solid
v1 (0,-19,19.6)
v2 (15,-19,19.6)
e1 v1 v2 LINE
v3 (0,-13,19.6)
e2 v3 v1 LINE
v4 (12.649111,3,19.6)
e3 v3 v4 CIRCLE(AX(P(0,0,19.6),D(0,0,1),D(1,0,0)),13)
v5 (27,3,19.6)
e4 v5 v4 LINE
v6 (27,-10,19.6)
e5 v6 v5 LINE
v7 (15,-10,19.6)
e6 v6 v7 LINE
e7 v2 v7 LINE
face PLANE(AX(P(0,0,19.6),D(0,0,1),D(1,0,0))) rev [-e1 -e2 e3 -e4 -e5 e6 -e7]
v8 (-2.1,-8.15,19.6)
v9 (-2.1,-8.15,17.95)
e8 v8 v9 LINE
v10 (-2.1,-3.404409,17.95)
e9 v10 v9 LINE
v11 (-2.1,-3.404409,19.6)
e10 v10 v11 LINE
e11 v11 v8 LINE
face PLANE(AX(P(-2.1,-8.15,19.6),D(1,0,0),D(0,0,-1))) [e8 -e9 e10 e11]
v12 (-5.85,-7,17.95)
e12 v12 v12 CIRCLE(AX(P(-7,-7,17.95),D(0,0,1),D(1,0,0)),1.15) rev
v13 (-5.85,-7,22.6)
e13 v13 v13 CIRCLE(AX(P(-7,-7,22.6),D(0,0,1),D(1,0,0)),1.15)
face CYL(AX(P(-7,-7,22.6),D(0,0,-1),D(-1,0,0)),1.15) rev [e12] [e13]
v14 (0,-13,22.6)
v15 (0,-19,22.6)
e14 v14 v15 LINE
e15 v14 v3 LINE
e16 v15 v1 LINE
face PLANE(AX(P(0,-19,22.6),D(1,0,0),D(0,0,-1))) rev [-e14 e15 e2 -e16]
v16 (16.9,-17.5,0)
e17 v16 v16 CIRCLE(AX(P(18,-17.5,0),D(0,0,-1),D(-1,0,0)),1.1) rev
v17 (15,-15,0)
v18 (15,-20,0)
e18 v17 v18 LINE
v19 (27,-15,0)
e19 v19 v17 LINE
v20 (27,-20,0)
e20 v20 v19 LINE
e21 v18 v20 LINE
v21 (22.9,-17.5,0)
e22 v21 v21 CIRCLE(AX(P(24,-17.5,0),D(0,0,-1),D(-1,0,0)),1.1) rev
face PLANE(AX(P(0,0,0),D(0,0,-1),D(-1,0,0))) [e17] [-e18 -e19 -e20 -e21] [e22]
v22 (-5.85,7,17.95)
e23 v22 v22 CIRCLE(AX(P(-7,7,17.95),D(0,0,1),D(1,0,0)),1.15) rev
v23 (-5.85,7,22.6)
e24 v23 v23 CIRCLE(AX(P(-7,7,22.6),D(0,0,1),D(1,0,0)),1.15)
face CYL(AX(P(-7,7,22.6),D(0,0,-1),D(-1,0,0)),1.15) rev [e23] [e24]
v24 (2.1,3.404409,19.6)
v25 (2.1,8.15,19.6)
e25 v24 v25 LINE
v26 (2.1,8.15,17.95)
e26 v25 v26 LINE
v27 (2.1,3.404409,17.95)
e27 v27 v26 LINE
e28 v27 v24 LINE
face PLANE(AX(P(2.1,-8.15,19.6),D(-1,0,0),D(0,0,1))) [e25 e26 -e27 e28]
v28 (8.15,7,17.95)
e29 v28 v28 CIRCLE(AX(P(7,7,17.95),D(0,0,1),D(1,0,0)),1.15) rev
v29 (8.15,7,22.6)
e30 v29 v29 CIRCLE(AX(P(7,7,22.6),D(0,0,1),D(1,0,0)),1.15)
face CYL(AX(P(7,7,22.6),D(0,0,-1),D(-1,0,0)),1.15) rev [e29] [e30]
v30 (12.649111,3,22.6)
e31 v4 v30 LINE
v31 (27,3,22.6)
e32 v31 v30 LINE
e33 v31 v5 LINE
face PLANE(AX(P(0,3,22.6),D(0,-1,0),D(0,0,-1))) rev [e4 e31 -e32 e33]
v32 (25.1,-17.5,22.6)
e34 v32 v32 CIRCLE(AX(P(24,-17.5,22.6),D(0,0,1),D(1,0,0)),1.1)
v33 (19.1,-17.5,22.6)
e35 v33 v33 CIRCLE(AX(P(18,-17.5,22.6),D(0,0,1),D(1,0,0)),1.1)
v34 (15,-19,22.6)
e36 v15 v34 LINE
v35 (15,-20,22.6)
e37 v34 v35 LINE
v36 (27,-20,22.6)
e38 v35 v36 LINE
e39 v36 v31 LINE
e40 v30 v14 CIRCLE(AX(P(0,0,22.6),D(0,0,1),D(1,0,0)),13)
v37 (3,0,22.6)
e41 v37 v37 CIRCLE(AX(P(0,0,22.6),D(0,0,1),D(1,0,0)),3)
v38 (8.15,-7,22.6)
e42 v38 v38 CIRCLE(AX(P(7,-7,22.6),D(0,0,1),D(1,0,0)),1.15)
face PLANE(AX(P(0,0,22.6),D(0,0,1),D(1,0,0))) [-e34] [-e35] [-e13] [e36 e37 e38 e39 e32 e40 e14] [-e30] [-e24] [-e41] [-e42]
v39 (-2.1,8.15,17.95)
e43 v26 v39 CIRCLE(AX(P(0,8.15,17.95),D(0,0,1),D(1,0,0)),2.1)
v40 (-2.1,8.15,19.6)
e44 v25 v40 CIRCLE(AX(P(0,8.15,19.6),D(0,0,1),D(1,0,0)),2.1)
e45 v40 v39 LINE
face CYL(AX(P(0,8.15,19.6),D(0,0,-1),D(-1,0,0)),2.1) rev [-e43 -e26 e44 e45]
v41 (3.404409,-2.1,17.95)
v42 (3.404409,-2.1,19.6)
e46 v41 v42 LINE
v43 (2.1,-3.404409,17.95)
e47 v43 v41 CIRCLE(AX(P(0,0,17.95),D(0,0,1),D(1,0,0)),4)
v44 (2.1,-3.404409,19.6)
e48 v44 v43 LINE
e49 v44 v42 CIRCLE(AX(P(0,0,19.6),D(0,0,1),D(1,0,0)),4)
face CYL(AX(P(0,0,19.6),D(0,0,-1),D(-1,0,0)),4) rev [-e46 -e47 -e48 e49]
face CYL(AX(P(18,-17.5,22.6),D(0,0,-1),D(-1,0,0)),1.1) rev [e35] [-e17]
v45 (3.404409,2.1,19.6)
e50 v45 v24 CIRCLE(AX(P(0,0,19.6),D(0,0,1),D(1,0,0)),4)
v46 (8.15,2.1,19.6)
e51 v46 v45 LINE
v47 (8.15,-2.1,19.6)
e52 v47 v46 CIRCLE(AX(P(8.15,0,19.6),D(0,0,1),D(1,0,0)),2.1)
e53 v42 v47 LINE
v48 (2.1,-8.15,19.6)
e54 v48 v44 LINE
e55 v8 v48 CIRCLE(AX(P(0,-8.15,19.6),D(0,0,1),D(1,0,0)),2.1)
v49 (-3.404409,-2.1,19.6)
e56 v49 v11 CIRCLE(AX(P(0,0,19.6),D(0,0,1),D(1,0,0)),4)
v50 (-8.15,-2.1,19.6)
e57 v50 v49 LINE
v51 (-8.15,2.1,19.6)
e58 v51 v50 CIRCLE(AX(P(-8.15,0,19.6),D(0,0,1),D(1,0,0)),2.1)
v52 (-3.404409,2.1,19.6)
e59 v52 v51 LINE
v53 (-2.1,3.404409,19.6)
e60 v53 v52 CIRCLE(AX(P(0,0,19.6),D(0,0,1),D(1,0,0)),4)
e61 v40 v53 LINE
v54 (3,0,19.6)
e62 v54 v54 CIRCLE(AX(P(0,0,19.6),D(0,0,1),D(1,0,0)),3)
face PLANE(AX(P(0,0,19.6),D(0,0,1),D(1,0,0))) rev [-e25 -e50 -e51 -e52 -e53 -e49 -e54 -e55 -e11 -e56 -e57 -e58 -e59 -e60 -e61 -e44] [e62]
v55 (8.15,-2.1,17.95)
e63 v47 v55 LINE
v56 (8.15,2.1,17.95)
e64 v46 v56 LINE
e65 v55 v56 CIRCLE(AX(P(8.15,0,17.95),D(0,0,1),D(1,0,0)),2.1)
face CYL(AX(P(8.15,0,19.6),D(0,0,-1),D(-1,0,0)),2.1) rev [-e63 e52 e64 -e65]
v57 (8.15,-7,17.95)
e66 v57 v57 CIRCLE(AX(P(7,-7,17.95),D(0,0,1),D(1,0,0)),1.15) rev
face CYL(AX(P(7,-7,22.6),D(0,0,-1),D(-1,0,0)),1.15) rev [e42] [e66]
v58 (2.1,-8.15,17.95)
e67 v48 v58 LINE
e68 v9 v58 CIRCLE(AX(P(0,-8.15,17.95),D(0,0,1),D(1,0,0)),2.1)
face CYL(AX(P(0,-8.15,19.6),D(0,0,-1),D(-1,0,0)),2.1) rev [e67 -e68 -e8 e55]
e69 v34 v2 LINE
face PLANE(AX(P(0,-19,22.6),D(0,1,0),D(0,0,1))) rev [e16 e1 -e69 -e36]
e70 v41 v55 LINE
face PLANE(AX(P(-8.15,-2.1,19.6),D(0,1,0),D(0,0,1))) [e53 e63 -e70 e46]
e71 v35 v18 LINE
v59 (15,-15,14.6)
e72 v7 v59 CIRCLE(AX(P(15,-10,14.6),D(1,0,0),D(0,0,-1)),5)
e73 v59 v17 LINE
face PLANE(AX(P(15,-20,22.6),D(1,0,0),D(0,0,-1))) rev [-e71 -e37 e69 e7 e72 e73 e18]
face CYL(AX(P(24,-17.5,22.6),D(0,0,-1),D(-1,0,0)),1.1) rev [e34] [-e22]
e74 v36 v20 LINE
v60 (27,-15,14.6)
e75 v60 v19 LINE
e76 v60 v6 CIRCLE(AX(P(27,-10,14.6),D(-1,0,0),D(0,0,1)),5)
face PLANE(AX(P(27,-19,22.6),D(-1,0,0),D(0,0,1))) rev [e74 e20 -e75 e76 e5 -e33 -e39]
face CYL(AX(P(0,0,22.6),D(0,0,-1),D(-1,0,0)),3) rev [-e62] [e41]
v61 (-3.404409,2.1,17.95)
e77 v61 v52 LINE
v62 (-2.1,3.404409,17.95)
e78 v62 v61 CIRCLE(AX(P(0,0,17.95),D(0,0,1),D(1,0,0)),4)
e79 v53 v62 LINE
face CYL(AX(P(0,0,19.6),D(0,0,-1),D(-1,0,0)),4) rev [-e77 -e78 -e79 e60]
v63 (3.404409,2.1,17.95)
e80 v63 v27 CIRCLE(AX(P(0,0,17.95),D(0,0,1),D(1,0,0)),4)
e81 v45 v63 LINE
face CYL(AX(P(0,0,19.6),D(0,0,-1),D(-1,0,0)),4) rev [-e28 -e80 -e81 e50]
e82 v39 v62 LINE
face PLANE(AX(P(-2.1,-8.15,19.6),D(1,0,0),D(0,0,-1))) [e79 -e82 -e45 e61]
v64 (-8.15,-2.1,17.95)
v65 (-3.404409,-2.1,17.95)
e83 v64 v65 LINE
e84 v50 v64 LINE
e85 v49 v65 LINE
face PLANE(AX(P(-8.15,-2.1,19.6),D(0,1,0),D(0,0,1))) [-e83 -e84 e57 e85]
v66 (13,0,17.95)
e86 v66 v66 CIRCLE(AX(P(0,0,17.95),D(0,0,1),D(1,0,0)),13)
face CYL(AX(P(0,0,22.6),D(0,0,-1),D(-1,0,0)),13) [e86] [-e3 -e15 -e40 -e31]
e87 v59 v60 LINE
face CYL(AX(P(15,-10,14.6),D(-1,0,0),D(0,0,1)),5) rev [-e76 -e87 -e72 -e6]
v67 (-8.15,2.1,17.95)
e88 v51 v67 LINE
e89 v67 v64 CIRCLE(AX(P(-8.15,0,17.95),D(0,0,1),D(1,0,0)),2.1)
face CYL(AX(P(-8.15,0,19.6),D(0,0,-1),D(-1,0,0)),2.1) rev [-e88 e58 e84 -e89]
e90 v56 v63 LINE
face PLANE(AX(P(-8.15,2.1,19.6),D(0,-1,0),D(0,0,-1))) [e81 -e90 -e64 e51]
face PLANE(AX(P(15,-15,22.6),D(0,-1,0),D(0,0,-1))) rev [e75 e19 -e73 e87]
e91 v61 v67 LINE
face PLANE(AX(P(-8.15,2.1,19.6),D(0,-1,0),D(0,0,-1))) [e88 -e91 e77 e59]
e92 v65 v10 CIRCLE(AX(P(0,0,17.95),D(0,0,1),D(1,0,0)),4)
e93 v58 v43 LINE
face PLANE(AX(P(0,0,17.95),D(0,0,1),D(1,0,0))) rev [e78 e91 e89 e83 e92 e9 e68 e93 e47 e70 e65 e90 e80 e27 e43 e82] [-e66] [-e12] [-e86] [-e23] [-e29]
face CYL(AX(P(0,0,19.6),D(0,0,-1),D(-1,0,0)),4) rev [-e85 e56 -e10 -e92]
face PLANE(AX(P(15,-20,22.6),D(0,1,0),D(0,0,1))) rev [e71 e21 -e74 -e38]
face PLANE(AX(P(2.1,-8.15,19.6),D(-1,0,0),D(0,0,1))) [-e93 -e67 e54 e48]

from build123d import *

# Parameters (mm, degrees)
STOCK_HORN_ATTACHMENT_START          = 19.6
STOCK_HORN_ATTACHMENT_PROFILE_R      = 13
STOCK_HORN_ATTACHMENT_DEPTH          = 3
FINGER_ARM_START                     = 19.6
FINGER_ARM_PROFILE_W                 = 27
FINGER_ARM_PROFILE_H                 = 22
FINGER_ARM_DEPTH                     = 3
DESCENDING_CONTACT_FINGER_PROFILE_W  = 12
DESCENDING_CONTACT_FINGER_PROFILE_H  = 5
DESCENDING_CONTACT_FINGER_DEPTH      = 22.6
HORN_CENTER_ACCESS_START             = -50
HORN_CENTER_ACCESS_PROFILE_R         = 3
HORN_CENTER_ACCESS_DEPTH             = 91.493950165
CAPTURED_HORN_KEY_BOSS_START         = 17.95
CAPTURED_HORN_KEY_BOSS_PROFILE_R     = 13
CAPTURED_HORN_KEY_BOSS_DEPTH         = 1.65
KEY_POCKET_HUB_START                 = 17.95
STOCK_HORN_POCKET_HUB_R              = 3.55
KEY_POCKET_HUB_DEPTH                 = 1.65
KEY_POCKET_HORIZONTAL_START          = 17.95
STOCK_HORN_POCKET_HORIZONTAL_W       = 16.3
STOCK_HORN_POCKET_HORIZONTAL_H       = 4.2
KEY_POCKET_HORIZONTAL_DEPTH          = 1.65
KEY_POCKET_VERTICAL_START            = 17.95
STOCK_HORN_POCKET_VERTICAL_W         = 4.2
STOCK_HORN_POCKET_VERTICAL_H         = 16.3
KEY_POCKET_VERTICAL_DEPTH            = 1.65
KEY_POCKET_ROUNDED_TIPS_START        = 17.95
STOCK_HORN_POCKET_ROUNDED_TIPS_R     = 2.1
KEY_POCKET_ROUNDED_TIPS_DEPTH        = 1.65
UNMODIFIED_HORN_CAPTURE_M2_START     = -50
UNMODIFIED_HORN_CAPTURE_M2_PROFILE_R = 1.15
UNMODIFIED_HORN_CAPTURE_M2_DEPTH     = 91.493950165
HUB_CLEARANCE_IN_KEY_BOSS_ONLY_START = 17.95
HORN_CENTER_HUB_CLEARANCE_R          = 4
HUB_CLEARANCE_IN_KEY_BOSS_ONLY_DEPTH = 1.65
CONTACT_PAD_KEEPER_START             = -50
CONTACT_PAD_KEEPER_PROFILE_R         = 1.1
CONTACT_PAD_KEEPER_DEPTH             = 91.493950165
FILLET1_R                            = 5


with BuildPart() as part:
    # Stock_horn_attachment_profile → Stock_horn_attachment (new body)
    with BuildSketch(Plane.XY.offset(STOCK_HORN_ATTACHMENT_START)):
        Circle(STOCK_HORN_ATTACHMENT_PROFILE_R)
    extrude(amount=STOCK_HORN_ATTACHMENT_DEPTH)

    # Finger_arm_profile → Finger_arm (add)
    with BuildSketch(Plane.XY.offset(FINGER_ARM_START)):
        with Locations((13.5, -8)):
            Rectangle(FINGER_ARM_PROFILE_W, FINGER_ARM_PROFILE_H)
    extrude(amount=FINGER_ARM_DEPTH)

    # Descending_contact_finger_profile → Descending_contact_finger (add)
    with BuildSketch(Plane.XY):
        with Locations((21, -17.5)):
            Rectangle(DESCENDING_CONTACT_FINGER_PROFILE_W, DESCENDING_CONTACT_FINGER_PROFILE_H)
    extrude(amount=DESCENDING_CONTACT_FINGER_DEPTH)

    # Horn_center_access_profile → Horn_center_access (cut, through all)
    with BuildSketch(Plane.XY.offset(HORN_CENTER_ACCESS_START)):
        Circle(HORN_CENTER_ACCESS_PROFILE_R)
    extrude(amount=HORN_CENTER_ACCESS_DEPTH, mode=Mode.SUBTRACT)

    # Captured_horn_key_boss_profile → Captured_horn_key_boss (add)
    with BuildSketch(Plane.XY.offset(CAPTURED_HORN_KEY_BOSS_START)):
        with Locations(Location((0, 0, 0), (0, 0, 270))):
            Circle(CAPTURED_HORN_KEY_BOSS_PROFILE_R)
    extrude(amount=CAPTURED_HORN_KEY_BOSS_DEPTH)

    # Stock_horn_pocket_Hub → Key_pocket_Hub (cut)
    with BuildSketch(Plane.XY.offset(KEY_POCKET_HUB_START)):
        Circle(STOCK_HORN_POCKET_HUB_R)
    extrude(amount=KEY_POCKET_HUB_DEPTH, mode=Mode.SUBTRACT)

    # Stock_horn_pocket_Horizontal → Key_pocket_Horizontal (cut)
    with BuildSketch(Plane.XY.offset(KEY_POCKET_HORIZONTAL_START)):
        Rectangle(STOCK_HORN_POCKET_HORIZONTAL_W, STOCK_HORN_POCKET_HORIZONTAL_H)
    extrude(amount=KEY_POCKET_HORIZONTAL_DEPTH, mode=Mode.SUBTRACT)

    # Stock_horn_pocket_Vertical → Key_pocket_Vertical (cut)
    with BuildSketch(Plane.XY.offset(KEY_POCKET_VERTICAL_START)):
        Rectangle(STOCK_HORN_POCKET_VERTICAL_W, STOCK_HORN_POCKET_VERTICAL_H)
    extrude(amount=KEY_POCKET_VERTICAL_DEPTH, mode=Mode.SUBTRACT)

    # Stock_horn_pocket_Rounded_tips → Key_pocket_Rounded_tips (cut)
    with BuildSketch(Plane.XY.offset(KEY_POCKET_ROUNDED_TIPS_START)):
        with Locations((8.15, 0)):
            Circle(STOCK_HORN_POCKET_ROUNDED_TIPS_R)
        with Locations((-8.15, 0)):
            Circle(STOCK_HORN_POCKET_ROUNDED_TIPS_R)
        with Locations((0, 8.15)):
            Circle(STOCK_HORN_POCKET_ROUNDED_TIPS_R)
        with Locations((0, -8.15)):
            Circle(STOCK_HORN_POCKET_ROUNDED_TIPS_R)
    extrude(amount=KEY_POCKET_ROUNDED_TIPS_DEPTH, mode=Mode.SUBTRACT)

    # Unmodified_horn_capture_M2_profile → Unmodified_horn_capture_M2 (cut, through all)
    with BuildSketch(Plane.XY.offset(UNMODIFIED_HORN_CAPTURE_M2_START)):
        with Locations((7, 7)):
            Circle(UNMODIFIED_HORN_CAPTURE_M2_PROFILE_R)
        with Locations((-7, 7)):
            Circle(UNMODIFIED_HORN_CAPTURE_M2_PROFILE_R)
        with Locations((-7, -7)):
            Circle(UNMODIFIED_HORN_CAPTURE_M2_PROFILE_R)
        with Locations((7, -7)):
            Circle(UNMODIFIED_HORN_CAPTURE_M2_PROFILE_R)
    extrude(amount=UNMODIFIED_HORN_CAPTURE_M2_DEPTH, mode=Mode.SUBTRACT)

    # Horn_center_hub_clearance → Hub_clearance_in_key_boss_only (cut)
    with BuildSketch(Plane.XY.offset(HUB_CLEARANCE_IN_KEY_BOSS_ONLY_START)):
        Circle(HORN_CENTER_HUB_CLEARANCE_R)
    extrude(amount=HUB_CLEARANCE_IN_KEY_BOSS_ONLY_DEPTH, mode=Mode.SUBTRACT)

    # Contact_pad_keeper_profile → Contact_pad_keeper (cut, through all)
    with BuildSketch(Plane.XY.offset(CONTACT_PAD_KEEPER_START)):
        with Locations(Location((18, -17.5, 0), (0, 0, 180))):
            Circle(CONTACT_PAD_KEEPER_PROFILE_R)
        with Locations(Location((24, -17.5, 0), (0, 0, 180))):
            Circle(CONTACT_PAD_KEEPER_PROFILE_R)
    extrude(amount=CONTACT_PAD_KEEPER_DEPTH, mode=Mode.SUBTRACT)

    # Fillet1
    fillet1_edges = [part.edges().sort_by_distance(p)[0] for p in [
        (21, -15, 19.6),
    ]]
    fillet(fillet1_edges, radius=FILLET1_R)


solid = part.part
